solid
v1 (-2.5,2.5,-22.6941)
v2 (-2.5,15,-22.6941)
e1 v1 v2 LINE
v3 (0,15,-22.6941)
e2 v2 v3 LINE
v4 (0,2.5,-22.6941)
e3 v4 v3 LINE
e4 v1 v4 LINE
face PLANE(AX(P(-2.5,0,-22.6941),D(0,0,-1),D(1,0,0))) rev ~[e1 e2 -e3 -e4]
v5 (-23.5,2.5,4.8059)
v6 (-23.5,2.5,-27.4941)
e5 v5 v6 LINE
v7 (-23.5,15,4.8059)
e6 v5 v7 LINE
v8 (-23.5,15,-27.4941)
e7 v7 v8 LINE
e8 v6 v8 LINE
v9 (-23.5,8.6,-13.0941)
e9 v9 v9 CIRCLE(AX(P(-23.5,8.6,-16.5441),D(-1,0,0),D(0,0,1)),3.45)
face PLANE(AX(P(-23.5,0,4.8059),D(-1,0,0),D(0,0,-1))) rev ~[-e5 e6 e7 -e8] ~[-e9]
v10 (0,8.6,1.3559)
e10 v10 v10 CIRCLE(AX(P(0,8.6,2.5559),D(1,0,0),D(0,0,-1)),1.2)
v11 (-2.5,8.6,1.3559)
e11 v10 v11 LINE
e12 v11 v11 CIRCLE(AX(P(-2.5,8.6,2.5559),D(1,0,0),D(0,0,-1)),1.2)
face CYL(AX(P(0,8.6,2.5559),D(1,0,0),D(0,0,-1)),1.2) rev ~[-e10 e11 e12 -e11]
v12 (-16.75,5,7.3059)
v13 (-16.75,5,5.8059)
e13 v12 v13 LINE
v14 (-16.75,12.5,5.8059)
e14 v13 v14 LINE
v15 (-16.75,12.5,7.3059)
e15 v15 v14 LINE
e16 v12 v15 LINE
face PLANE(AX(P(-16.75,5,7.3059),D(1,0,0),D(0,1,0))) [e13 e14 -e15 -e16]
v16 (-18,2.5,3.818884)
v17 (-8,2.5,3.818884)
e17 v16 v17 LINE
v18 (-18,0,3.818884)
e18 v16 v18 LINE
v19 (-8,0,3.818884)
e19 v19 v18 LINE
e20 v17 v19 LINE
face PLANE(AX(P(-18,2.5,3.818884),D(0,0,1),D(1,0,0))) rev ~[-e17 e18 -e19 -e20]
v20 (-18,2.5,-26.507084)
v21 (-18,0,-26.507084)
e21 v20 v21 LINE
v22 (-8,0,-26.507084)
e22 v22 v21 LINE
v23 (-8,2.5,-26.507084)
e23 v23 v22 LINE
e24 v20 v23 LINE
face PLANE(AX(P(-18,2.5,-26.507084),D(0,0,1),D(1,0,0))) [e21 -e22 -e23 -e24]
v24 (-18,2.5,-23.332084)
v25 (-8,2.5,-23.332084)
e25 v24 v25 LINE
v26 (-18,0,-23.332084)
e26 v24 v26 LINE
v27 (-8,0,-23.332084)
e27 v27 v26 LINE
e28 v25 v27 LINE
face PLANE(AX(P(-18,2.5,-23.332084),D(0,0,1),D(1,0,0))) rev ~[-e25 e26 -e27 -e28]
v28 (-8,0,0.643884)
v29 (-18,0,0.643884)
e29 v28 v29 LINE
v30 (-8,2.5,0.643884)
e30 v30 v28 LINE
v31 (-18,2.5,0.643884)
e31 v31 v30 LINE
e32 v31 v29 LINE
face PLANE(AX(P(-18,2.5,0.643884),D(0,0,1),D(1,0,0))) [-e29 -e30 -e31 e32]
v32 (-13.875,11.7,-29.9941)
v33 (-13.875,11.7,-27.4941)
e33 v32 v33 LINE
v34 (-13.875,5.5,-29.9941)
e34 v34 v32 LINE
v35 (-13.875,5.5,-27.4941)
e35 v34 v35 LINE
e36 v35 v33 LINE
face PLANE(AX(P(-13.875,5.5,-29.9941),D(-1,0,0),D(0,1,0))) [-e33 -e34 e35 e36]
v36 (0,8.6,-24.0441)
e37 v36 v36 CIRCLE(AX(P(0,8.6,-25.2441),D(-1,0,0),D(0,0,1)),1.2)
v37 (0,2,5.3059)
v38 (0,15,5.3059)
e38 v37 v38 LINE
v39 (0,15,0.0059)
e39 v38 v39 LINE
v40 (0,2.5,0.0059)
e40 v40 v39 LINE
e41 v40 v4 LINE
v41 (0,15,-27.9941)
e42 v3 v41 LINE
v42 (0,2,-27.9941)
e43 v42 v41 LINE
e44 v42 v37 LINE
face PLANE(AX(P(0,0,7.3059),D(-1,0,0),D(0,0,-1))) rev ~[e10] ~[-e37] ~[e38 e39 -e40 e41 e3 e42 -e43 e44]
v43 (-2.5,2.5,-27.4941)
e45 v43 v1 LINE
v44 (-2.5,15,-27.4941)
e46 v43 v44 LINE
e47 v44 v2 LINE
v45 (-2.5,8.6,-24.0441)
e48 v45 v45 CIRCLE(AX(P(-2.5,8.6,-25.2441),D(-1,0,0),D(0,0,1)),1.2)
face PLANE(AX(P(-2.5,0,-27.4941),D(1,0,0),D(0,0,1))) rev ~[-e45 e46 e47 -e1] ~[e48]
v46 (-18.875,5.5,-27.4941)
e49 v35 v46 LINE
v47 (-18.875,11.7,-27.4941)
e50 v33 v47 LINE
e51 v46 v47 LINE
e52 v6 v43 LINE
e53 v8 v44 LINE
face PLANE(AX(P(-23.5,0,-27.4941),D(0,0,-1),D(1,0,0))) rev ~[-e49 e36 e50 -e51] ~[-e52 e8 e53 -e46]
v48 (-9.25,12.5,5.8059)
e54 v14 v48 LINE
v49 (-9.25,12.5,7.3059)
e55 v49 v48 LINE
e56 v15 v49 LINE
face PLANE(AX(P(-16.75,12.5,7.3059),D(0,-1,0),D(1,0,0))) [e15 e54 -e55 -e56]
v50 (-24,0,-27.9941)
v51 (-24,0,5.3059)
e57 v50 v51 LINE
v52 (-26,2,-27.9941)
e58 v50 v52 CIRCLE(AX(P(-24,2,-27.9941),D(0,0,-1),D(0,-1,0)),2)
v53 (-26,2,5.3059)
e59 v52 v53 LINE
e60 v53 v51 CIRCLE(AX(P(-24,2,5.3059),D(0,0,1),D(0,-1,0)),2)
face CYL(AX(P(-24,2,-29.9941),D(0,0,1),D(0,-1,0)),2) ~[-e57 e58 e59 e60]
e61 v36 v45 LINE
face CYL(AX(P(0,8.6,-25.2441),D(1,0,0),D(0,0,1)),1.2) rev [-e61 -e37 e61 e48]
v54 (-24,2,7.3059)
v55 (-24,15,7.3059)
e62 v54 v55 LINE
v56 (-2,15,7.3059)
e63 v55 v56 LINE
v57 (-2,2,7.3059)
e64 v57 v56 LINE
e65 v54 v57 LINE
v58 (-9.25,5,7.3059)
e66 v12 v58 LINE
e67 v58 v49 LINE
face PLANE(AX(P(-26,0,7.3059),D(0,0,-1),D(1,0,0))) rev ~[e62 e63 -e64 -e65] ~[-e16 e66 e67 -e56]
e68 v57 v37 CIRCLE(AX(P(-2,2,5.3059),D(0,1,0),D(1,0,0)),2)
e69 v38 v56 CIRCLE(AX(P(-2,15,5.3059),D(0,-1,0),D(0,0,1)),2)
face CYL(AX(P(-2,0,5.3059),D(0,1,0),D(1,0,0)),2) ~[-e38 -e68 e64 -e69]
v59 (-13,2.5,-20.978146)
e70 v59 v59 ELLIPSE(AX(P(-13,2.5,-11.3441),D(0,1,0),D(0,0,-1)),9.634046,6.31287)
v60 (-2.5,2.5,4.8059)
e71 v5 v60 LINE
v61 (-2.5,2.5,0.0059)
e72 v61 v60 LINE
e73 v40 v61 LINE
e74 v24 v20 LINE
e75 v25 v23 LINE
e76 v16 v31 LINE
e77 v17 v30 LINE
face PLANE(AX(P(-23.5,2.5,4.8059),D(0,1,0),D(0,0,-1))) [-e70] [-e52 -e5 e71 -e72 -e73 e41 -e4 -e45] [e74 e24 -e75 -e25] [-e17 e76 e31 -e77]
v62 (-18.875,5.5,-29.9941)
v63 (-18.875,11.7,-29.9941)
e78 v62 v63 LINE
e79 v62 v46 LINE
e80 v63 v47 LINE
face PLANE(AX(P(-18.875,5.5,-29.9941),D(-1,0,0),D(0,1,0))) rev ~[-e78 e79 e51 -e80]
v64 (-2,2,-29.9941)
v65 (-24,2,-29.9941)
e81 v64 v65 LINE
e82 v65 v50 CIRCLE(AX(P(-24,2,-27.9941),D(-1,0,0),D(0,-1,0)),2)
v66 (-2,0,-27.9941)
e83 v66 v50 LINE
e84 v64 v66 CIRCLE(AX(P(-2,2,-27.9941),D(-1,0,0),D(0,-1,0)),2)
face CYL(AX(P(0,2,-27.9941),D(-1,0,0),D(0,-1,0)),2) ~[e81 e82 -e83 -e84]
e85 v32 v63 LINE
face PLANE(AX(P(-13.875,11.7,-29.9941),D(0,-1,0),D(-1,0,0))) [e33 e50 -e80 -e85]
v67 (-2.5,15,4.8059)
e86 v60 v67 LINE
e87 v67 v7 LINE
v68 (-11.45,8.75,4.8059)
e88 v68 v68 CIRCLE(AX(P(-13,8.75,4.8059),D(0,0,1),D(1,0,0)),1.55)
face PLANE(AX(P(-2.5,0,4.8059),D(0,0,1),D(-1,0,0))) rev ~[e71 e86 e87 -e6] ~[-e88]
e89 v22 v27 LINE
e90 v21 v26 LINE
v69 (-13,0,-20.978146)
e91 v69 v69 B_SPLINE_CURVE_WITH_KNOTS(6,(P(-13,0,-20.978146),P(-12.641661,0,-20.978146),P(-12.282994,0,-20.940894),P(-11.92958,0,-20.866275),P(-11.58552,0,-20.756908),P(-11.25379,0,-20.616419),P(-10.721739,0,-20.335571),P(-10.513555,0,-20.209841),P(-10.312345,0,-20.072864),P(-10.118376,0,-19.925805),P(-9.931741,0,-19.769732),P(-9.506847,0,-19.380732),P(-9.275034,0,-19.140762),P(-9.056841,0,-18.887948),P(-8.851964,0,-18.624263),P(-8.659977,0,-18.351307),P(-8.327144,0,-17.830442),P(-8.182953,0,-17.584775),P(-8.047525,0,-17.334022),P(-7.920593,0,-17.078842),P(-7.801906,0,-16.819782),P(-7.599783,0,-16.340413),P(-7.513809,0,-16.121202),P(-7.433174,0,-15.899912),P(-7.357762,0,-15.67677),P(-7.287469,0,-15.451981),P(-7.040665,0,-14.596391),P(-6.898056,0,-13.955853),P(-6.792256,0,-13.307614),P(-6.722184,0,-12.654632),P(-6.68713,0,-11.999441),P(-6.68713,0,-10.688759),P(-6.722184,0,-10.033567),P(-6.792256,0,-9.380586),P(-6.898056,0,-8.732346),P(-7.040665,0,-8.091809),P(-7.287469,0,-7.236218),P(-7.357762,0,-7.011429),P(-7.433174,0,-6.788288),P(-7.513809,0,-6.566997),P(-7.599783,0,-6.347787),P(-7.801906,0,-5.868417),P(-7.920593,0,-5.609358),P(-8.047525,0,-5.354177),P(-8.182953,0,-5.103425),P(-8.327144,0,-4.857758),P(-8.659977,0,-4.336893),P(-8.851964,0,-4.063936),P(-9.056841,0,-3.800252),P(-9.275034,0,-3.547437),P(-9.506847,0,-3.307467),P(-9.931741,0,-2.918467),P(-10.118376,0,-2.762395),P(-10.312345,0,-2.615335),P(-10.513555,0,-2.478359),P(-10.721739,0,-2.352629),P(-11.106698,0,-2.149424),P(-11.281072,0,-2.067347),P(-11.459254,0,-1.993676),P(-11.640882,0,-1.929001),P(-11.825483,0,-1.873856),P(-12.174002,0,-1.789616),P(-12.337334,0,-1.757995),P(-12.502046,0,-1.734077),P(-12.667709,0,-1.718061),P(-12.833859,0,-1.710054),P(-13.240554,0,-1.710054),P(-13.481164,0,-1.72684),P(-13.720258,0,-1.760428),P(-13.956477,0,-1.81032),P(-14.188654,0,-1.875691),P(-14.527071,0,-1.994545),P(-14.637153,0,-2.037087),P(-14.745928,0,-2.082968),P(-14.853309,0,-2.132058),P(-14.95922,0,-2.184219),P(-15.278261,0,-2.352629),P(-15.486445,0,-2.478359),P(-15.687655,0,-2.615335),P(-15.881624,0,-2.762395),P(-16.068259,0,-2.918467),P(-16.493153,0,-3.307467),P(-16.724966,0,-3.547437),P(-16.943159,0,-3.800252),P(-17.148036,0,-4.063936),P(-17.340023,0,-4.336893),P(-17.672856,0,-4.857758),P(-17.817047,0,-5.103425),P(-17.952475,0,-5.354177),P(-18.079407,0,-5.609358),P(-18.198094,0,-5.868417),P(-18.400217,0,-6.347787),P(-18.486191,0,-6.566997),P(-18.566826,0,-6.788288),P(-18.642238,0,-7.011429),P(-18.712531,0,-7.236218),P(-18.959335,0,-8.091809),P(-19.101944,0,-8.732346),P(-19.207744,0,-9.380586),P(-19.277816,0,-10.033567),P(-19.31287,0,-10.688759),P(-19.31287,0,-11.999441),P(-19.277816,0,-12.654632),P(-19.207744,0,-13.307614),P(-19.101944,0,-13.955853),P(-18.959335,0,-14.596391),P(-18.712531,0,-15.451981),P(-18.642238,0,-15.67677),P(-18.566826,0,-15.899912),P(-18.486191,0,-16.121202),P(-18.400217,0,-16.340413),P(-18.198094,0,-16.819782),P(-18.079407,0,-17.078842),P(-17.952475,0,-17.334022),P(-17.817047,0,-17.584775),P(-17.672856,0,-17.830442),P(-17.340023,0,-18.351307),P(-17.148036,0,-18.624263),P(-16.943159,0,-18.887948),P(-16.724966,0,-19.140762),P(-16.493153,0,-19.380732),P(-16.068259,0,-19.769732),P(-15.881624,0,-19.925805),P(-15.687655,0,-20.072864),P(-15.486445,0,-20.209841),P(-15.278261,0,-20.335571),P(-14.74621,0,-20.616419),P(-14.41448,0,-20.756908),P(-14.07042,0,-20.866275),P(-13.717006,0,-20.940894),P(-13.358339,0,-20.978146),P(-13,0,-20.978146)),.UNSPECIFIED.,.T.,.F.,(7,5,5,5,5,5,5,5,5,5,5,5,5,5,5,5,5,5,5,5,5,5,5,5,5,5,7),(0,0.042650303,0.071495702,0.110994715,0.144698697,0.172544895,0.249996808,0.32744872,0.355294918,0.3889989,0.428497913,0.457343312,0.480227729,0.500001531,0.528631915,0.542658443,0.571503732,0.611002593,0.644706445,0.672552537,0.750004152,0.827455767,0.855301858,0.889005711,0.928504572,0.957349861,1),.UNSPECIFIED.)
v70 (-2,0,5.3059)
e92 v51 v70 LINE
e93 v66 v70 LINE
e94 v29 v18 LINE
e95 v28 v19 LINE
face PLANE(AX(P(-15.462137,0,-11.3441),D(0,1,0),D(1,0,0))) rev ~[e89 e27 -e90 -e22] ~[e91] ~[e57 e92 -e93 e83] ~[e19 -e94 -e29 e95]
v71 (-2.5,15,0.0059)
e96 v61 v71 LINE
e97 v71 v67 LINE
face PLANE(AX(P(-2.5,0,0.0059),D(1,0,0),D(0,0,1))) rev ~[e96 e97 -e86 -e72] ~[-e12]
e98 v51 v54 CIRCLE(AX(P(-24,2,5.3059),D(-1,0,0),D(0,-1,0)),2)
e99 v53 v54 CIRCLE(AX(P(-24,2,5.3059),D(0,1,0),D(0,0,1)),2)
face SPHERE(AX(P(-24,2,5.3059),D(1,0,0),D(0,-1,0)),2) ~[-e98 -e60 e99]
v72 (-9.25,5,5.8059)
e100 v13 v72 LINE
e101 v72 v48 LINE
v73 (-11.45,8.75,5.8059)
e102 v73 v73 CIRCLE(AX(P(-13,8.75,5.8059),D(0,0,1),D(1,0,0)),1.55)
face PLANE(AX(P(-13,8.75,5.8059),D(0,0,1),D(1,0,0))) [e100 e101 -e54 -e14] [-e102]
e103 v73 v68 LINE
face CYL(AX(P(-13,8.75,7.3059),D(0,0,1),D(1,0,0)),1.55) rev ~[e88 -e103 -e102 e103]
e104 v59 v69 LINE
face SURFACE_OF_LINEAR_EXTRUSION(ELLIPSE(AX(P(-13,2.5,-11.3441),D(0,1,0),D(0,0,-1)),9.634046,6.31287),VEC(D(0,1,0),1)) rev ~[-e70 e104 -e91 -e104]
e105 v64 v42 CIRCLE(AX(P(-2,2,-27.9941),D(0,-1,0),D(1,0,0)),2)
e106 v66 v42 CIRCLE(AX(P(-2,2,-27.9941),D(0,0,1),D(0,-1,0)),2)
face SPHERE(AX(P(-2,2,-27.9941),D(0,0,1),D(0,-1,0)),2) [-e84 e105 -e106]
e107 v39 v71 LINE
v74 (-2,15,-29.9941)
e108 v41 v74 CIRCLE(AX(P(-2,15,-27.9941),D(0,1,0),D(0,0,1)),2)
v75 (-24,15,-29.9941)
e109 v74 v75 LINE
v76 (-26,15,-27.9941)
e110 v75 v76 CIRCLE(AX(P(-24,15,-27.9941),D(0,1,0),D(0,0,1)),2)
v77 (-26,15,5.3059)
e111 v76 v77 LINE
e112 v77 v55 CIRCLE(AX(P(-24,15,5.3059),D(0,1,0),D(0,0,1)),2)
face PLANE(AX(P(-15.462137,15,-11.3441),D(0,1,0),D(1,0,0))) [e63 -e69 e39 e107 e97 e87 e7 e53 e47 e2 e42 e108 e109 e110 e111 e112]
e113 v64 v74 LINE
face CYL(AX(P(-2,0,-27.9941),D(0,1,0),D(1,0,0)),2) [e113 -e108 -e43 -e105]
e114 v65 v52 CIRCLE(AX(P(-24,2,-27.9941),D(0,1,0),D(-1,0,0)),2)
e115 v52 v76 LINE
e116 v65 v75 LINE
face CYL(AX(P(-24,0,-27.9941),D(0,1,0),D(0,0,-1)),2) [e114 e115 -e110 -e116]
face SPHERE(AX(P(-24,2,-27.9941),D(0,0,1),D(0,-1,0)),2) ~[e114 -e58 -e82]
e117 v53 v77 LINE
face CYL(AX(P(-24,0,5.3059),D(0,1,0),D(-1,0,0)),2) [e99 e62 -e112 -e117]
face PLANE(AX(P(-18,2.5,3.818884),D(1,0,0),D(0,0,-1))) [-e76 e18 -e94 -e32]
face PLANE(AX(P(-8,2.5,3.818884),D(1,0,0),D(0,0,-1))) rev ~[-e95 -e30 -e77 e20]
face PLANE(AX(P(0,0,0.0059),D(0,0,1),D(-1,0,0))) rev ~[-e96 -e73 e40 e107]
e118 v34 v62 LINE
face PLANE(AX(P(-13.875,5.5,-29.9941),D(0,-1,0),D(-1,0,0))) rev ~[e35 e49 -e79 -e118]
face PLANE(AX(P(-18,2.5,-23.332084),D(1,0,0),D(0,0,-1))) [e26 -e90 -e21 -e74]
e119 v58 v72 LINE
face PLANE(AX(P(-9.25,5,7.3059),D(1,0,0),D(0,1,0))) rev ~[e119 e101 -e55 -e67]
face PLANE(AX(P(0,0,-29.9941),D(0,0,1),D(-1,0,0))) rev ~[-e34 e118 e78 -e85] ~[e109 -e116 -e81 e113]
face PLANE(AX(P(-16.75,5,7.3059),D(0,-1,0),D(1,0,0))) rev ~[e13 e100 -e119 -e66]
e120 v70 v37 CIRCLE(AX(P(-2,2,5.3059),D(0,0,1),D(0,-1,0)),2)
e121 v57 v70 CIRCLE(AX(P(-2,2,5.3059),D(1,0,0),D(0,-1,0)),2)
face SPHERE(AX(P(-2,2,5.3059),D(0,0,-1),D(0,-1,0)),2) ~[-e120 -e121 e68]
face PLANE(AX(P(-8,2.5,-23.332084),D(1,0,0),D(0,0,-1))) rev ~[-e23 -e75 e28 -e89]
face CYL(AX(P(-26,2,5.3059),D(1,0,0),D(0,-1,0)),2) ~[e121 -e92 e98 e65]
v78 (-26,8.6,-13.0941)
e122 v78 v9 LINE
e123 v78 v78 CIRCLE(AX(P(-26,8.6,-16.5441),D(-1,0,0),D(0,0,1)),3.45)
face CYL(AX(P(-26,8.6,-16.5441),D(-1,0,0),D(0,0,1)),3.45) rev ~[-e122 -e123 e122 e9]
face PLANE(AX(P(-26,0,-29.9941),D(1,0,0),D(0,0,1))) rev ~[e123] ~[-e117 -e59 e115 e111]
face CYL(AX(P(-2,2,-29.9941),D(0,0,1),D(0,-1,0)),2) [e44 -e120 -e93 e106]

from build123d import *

# Parameters (mm, degrees)
BOSS_EXTRUDE1_DEPTH = 15
SKETCH2_W           = 32.3
SKETCH2_H           = 2.5
BOSS_EXTRUDE2_DEPTH = 23.5
SKETCH3_W           = 5
SKETCH3_H           = 6.2
CUT_EXTRUDE1_DEPTH  = 12.5
CUT_EXTRUDE2_REACH  = 28
SKETCH4_R           = 3.45
SKETCH5_R           = 1.2
CUT_EXTRUDE3_DEPTH  = 2.5
CUT_EXTRUDE4_REACH  = 39.3
SKETCH6_R           = 1.55
FILLET2_R           = 2
SKETCH7_W           = 7.5
SKETCH7_H           = 7.5
SKETCH7_R           = 1.55
CUT_EXTRUDE5_DEPTH  = 1.5
CUT_EXTRUDE6_REACH  = 4.5
SKETCH8_RX          = 9.634046057
SKETCH8_RY          = 6.312870092
SKETCH8_W           = 10
SKETCH8_H           = 3.175


with BuildPart() as part:
    # Sketch1 → Boss-Extrude1 (new body)
    with BuildSketch(Plane(origin=(0, 0, 0), x_dir=(1, 0, 0), z_dir=(0, 1, 0))):
        Polygon((0, 29.994099724), (-26, 29.994099724), (-26, -7.305900276), (0, -7.305900276), (0, -0.005900276), (-2.5, -0.005900276), (-2.5, -4.805900276), (-23.5, -4.805900276), (-23.5, 27.494099724), (-2.5, 27.494099724), (-2.5, 22.694099724), (0, 22.694099724), align=None)
    extrude(amount=BOSS_EXTRUDE1_DEPTH)

    # Sketch2 → Boss-Extrude2 (add, through all)
    with BuildSketch(Plane(origin=(-23.5, 0, 0), x_dir=(0, 0, -1), z_dir=(1, 0, 0))):
        with Locations((11.344099724, 1.25)):
            Rectangle(SKETCH2_W, SKETCH2_H)
    extrude(amount=BOSS_EXTRUDE2_DEPTH)

    # Sketch3 → Cut-Extrude1 (cut)
    with BuildSketch(Plane(origin=(0, 0, -29.994099724), x_dir=(-1, 0, 0), z_dir=(0, 0, -1))):
        with Locations((16.375, 8.6)):
            Rectangle(SKETCH3_W, SKETCH3_H)
    extrude(amount=-CUT_EXTRUDE1_DEPTH, mode=Mode.SUBTRACT)

    # Sketch4 → Cut-Extrude2 (cut, up to next)
    with BuildSketch(Plane.ZY.offset(26), mode=Mode.PRIVATE) as cut_extrude2_sk1:
        with Locations((-16.544099724, 8.6)):
            Circle(SKETCH4_R)
    cut_extrude2_tool1 = extrude(cut_extrude2_sk1.sketch, amount=-CUT_EXTRUDE2_REACH, mode=Mode.PRIVATE) & part.part
    add(cut_extrude2_tool1.solids().sort_by_distance((-26, 8.6, -16.5441))[0], mode=Mode.SUBTRACT)

    # Sketch5 → Cut-Extrude3 (cut)
    with BuildSketch(Plane(origin=(0, 0, 0), x_dir=(0, 0, -1), z_dir=(1, 0, 0))):
        with Locations((-2.555900276, 8.6)):
            Circle(SKETCH5_R)
    cut_extrude3 = extrude(amount=-CUT_EXTRUDE3_DEPTH, mode=Mode.SUBTRACT)

    # Mirror1: Cut-Extrude3 across plane
    add(cut_extrude3.mirror(Plane.XY.offset(-11.344099724)), mode=Mode.SUBTRACT)

    # Sketch6 → Cut-Extrude4 (cut, up to next)
    with BuildSketch(Plane.XY.offset(7.305900276), mode=Mode.PRIVATE) as cut_extrude4_sk1:
        with Locations((-13, 8.75)):
            Circle(SKETCH6_R)
    cut_extrude4_tool1 = extrude(cut_extrude4_sk1.sketch, amount=-CUT_EXTRUDE4_REACH, mode=Mode.PRIVATE) & part.part
    add(cut_extrude4_tool1.solids().sort_by_distance((-13, 8.75, 7.3059))[0], mode=Mode.SUBTRACT)

    # Fillet2
    fillet2_edges = [part.edges().sort_by_distance(p)[0] for p in [
        (0, 0, -11.344099724),
        (-13, 0, 7.305900276),
        (-26, 0, -11.344099724),
        (-13, 0, -29.994099724),
        (0, 7.5, 7.305900276),
        (-26, 7.5, 7.305900276),
        (-26, 7.5, -29.994099724),
        (0, 7.5, -29.994099724),
    ]]
    fillet(fillet2_edges, radius=FILLET2_R)

    # Sketch7 → Cut-Extrude5 (cut)
    with BuildSketch(Plane.XY.offset(7.305900276)):
        with Locations((-13, 8.75)):
            Rectangle(SKETCH7_W, SKETCH7_H)
        with Locations((-13, 8.75)):
            Circle(SKETCH7_R, mode=Mode.SUBTRACT)
    extrude(amount=-CUT_EXTRUDE5_DEPTH, mode=Mode.SUBTRACT)

    # Sketch8 → Cut-Extrude6 (cut, up to next)
    with BuildSketch(Plane(origin=(0, 2.5, 0), x_dir=(1, 0, 0), z_dir=(0, 1, 0)), mode=Mode.PRIVATE) as cut_extrude6_sk1:
        with Locations(Location((-13, 11.344099724), (0, 0, 90))):
            Ellipse(SKETCH8_RX, SKETCH8_RY)
    cut_extrude6_tool1 = extrude(cut_extrude6_sk1.sketch, amount=-CUT_EXTRUDE6_REACH, mode=Mode.PRIVATE) & part.part
    add(cut_extrude6_tool1.solids().sort_by_distance((-13, 2.5, -11.3441))[0], mode=Mode.SUBTRACT)
    # Sketch8 → Cut-Extrude6 (cut, up to next)
    with BuildSketch(Plane(origin=(0, 2.5, 0), x_dir=(1, 0, 0), z_dir=(0, 1, 0)), mode=Mode.PRIVATE) as cut_extrude6_sk2:
        with Locations((-13, -2.231384095)):
            Rectangle(SKETCH8_W, SKETCH8_H)
    cut_extrude6_tool2 = extrude(cut_extrude6_sk2.sketch, amount=-CUT_EXTRUDE6_REACH, mode=Mode.PRIVATE) & part.part
    add(cut_extrude6_tool2.solids().sort_by_distance((-13, 2.5, 2.231384))[0], mode=Mode.SUBTRACT)
    # Sketch8 → Cut-Extrude6 (cut, up to next)
    with BuildSketch(Plane(origin=(0, 2.5, 0), x_dir=(1, 0, 0), z_dir=(0, 1, 0)), mode=Mode.PRIVATE) as cut_extrude6_sk3:
        with Locations((-13, 24.919583542)):
            Rectangle(SKETCH8_W, SKETCH8_H)
    cut_extrude6_tool3 = extrude(cut_extrude6_sk3.sketch, amount=-CUT_EXTRUDE6_REACH, mode=Mode.PRIVATE) & part.part
    add(cut_extrude6_tool3.solids().sort_by_distance((-13, 2.5, -24.919584))[0], mode=Mode.SUBTRACT)


solid = part.part
